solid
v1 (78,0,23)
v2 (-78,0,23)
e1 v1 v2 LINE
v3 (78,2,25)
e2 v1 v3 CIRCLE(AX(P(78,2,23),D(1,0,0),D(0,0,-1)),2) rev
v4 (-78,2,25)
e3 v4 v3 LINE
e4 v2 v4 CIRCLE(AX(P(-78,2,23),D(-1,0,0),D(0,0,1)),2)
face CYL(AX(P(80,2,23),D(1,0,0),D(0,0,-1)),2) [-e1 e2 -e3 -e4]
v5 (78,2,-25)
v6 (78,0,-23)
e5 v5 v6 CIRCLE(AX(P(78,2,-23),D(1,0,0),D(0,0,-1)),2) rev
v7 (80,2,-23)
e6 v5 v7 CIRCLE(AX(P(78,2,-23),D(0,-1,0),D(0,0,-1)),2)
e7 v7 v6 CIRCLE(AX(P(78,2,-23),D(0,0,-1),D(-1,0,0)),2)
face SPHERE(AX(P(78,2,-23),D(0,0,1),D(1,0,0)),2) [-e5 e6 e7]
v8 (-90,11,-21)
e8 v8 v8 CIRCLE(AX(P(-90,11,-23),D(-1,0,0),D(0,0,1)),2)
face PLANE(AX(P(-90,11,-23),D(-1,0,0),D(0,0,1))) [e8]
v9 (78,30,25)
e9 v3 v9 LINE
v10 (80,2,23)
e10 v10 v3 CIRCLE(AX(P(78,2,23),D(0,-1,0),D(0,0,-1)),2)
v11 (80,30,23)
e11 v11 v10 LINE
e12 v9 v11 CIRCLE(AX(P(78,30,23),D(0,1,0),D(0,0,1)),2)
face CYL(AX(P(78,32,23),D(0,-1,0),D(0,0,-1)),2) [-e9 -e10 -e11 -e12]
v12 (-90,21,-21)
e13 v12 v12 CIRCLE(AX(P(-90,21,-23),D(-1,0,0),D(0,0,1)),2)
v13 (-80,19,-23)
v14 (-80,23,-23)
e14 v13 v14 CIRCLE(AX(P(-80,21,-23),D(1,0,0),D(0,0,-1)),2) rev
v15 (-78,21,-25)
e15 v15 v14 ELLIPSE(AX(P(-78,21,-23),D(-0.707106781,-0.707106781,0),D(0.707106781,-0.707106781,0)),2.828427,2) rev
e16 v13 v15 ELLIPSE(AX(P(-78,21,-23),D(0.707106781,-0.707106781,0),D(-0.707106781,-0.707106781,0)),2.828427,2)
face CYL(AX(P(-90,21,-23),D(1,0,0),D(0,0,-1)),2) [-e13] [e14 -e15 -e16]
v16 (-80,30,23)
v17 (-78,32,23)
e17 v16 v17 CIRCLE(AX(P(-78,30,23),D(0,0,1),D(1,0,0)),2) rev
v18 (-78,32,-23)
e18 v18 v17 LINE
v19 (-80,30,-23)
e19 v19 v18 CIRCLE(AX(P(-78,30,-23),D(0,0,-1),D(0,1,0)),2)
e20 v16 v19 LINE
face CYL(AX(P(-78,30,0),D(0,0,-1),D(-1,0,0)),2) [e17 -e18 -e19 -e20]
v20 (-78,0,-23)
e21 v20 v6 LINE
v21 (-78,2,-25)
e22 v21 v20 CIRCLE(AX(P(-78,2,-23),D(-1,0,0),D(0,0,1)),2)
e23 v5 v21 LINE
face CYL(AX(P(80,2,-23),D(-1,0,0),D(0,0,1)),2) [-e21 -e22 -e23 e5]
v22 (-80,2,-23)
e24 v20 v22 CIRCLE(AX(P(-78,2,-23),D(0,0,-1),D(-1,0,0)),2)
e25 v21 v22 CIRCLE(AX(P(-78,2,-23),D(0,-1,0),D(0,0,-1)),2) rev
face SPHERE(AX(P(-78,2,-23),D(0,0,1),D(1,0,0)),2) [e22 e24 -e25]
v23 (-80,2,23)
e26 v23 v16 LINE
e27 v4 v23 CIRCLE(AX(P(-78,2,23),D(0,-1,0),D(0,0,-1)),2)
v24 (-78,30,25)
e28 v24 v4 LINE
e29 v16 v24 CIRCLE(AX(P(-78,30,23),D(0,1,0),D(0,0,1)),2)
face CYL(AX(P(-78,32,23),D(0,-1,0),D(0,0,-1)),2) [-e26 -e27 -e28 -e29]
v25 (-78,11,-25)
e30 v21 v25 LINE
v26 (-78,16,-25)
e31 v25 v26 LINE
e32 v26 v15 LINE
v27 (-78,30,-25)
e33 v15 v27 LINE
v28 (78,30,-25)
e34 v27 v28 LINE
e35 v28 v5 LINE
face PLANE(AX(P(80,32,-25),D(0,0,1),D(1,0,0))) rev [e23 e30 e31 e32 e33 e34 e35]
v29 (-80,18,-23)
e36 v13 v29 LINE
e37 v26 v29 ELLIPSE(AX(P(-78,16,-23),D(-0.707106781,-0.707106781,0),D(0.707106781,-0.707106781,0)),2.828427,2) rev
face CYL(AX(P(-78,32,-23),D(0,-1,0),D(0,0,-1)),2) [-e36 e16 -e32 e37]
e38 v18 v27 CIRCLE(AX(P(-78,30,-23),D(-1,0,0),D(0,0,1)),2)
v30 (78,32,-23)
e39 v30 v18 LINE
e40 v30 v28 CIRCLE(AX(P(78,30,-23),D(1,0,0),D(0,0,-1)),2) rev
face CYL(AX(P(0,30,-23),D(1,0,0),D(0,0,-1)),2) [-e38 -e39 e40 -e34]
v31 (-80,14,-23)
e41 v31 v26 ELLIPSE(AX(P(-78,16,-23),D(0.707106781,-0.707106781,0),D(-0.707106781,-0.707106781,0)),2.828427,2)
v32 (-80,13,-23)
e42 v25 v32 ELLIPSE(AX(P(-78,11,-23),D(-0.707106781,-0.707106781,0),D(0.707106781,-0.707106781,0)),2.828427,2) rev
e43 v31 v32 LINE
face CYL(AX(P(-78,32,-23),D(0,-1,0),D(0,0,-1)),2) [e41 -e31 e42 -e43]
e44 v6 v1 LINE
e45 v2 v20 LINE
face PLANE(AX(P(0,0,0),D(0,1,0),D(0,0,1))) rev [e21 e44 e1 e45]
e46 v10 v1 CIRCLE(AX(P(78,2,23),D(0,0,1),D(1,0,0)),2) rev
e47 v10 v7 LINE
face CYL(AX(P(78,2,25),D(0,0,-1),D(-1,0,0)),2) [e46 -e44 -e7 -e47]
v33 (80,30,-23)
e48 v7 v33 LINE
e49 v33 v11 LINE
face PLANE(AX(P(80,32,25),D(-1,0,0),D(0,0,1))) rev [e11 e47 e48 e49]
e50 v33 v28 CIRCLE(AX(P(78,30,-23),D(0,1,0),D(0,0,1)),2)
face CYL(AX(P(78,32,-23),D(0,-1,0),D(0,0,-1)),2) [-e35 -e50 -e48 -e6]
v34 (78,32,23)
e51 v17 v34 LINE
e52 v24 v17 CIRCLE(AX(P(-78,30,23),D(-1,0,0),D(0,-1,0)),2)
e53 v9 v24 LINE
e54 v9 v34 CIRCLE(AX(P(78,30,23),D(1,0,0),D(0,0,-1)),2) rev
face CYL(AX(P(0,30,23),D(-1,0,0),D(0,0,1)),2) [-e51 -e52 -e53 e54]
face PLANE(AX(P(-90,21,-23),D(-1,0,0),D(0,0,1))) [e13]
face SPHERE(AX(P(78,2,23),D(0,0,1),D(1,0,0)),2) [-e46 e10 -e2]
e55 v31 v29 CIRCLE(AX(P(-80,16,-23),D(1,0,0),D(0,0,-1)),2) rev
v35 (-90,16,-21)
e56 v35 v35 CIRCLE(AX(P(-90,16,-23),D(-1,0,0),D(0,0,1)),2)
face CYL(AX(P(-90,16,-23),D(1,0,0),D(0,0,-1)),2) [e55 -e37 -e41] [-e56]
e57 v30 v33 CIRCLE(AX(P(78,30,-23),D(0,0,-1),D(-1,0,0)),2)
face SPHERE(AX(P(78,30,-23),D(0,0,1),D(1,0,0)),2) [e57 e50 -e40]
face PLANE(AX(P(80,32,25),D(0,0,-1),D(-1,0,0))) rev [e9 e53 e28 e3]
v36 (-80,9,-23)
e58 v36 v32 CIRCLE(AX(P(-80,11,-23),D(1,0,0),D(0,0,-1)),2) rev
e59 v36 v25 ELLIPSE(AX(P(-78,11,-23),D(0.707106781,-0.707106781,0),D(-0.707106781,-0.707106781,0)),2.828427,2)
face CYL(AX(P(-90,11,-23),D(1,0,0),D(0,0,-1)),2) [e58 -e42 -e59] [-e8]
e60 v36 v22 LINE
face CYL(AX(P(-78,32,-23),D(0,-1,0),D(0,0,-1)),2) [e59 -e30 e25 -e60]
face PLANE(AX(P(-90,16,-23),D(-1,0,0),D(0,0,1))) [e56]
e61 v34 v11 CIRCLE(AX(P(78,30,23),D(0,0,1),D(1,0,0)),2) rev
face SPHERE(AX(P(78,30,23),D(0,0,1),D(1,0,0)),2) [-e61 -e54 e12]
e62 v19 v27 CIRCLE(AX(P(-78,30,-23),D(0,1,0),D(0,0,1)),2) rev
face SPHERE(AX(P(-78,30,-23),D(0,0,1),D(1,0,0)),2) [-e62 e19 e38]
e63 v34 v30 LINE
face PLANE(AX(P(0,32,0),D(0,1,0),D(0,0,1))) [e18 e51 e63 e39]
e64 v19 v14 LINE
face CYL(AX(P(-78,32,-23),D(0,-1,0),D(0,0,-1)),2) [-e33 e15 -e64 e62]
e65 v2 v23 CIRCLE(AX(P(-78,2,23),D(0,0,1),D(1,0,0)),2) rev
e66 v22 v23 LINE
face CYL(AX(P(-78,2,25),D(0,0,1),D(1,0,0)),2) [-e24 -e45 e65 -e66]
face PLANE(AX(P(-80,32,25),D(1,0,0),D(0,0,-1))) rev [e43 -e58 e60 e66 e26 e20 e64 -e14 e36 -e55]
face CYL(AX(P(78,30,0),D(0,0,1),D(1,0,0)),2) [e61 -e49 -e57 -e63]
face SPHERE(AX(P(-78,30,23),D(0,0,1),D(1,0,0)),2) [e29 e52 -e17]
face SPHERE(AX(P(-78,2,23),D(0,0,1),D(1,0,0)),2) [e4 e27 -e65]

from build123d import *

# Parameters (mm, degrees)
SKETCH1_W           = 160
SKETCH1_H           = 50
BOSS_EXTRUDE1_DEPTH = 32
FILLET1_R           = 2
SKETCH2_R           = 2
BOSS_EXTRUDE2_DEPTH = 10


with BuildPart() as part:
    # Sketch1 → Boss-Extrude1 (new body)
    with BuildSketch(Plane(origin=(0, 0, 0), x_dir=(1, 0, 0), z_dir=(0, 1, 0))):
        Rectangle(SKETCH1_W, SKETCH1_H)
    extrude(amount=BOSS_EXTRUDE1_DEPTH)

    # Fillet1
    fillet1_edges = [part.edges().sort_by_distance(p)[0] for p in [
        (80, 32, 0),
        (0, 32, -25),
        (-80, 32, 0),
        (0, 0, -25),
        (80, 0, 0),
        (0, 0, 25),
        (-80, 0, 0),
        (0, 32, 25),
        (-80, 16, -25),
        (80, 16, -25),
        (80, 16, 25),
        (-80, 16, 25),
    ]]
    fillet(fillet1_edges, radius=FILLET1_R)

    # Sketch2 → Boss-Extrude2 (add, symmetric)
    with BuildSketch(Plane.ZY.offset(80)):
        with Locations(Location((-23, 21, 0), (0, 0, 180))):
            Circle(SKETCH2_R)
        with Locations(Location((-23, 16, 0), (0, 0, 180))):
            Circle(SKETCH2_R)
        with Locations(Location((-23, 11, 0), (0, 0, 180))):
            Circle(SKETCH2_R)
    extrude(amount=BOSS_EXTRUDE2_DEPTH, both=True)


solid = part.part
